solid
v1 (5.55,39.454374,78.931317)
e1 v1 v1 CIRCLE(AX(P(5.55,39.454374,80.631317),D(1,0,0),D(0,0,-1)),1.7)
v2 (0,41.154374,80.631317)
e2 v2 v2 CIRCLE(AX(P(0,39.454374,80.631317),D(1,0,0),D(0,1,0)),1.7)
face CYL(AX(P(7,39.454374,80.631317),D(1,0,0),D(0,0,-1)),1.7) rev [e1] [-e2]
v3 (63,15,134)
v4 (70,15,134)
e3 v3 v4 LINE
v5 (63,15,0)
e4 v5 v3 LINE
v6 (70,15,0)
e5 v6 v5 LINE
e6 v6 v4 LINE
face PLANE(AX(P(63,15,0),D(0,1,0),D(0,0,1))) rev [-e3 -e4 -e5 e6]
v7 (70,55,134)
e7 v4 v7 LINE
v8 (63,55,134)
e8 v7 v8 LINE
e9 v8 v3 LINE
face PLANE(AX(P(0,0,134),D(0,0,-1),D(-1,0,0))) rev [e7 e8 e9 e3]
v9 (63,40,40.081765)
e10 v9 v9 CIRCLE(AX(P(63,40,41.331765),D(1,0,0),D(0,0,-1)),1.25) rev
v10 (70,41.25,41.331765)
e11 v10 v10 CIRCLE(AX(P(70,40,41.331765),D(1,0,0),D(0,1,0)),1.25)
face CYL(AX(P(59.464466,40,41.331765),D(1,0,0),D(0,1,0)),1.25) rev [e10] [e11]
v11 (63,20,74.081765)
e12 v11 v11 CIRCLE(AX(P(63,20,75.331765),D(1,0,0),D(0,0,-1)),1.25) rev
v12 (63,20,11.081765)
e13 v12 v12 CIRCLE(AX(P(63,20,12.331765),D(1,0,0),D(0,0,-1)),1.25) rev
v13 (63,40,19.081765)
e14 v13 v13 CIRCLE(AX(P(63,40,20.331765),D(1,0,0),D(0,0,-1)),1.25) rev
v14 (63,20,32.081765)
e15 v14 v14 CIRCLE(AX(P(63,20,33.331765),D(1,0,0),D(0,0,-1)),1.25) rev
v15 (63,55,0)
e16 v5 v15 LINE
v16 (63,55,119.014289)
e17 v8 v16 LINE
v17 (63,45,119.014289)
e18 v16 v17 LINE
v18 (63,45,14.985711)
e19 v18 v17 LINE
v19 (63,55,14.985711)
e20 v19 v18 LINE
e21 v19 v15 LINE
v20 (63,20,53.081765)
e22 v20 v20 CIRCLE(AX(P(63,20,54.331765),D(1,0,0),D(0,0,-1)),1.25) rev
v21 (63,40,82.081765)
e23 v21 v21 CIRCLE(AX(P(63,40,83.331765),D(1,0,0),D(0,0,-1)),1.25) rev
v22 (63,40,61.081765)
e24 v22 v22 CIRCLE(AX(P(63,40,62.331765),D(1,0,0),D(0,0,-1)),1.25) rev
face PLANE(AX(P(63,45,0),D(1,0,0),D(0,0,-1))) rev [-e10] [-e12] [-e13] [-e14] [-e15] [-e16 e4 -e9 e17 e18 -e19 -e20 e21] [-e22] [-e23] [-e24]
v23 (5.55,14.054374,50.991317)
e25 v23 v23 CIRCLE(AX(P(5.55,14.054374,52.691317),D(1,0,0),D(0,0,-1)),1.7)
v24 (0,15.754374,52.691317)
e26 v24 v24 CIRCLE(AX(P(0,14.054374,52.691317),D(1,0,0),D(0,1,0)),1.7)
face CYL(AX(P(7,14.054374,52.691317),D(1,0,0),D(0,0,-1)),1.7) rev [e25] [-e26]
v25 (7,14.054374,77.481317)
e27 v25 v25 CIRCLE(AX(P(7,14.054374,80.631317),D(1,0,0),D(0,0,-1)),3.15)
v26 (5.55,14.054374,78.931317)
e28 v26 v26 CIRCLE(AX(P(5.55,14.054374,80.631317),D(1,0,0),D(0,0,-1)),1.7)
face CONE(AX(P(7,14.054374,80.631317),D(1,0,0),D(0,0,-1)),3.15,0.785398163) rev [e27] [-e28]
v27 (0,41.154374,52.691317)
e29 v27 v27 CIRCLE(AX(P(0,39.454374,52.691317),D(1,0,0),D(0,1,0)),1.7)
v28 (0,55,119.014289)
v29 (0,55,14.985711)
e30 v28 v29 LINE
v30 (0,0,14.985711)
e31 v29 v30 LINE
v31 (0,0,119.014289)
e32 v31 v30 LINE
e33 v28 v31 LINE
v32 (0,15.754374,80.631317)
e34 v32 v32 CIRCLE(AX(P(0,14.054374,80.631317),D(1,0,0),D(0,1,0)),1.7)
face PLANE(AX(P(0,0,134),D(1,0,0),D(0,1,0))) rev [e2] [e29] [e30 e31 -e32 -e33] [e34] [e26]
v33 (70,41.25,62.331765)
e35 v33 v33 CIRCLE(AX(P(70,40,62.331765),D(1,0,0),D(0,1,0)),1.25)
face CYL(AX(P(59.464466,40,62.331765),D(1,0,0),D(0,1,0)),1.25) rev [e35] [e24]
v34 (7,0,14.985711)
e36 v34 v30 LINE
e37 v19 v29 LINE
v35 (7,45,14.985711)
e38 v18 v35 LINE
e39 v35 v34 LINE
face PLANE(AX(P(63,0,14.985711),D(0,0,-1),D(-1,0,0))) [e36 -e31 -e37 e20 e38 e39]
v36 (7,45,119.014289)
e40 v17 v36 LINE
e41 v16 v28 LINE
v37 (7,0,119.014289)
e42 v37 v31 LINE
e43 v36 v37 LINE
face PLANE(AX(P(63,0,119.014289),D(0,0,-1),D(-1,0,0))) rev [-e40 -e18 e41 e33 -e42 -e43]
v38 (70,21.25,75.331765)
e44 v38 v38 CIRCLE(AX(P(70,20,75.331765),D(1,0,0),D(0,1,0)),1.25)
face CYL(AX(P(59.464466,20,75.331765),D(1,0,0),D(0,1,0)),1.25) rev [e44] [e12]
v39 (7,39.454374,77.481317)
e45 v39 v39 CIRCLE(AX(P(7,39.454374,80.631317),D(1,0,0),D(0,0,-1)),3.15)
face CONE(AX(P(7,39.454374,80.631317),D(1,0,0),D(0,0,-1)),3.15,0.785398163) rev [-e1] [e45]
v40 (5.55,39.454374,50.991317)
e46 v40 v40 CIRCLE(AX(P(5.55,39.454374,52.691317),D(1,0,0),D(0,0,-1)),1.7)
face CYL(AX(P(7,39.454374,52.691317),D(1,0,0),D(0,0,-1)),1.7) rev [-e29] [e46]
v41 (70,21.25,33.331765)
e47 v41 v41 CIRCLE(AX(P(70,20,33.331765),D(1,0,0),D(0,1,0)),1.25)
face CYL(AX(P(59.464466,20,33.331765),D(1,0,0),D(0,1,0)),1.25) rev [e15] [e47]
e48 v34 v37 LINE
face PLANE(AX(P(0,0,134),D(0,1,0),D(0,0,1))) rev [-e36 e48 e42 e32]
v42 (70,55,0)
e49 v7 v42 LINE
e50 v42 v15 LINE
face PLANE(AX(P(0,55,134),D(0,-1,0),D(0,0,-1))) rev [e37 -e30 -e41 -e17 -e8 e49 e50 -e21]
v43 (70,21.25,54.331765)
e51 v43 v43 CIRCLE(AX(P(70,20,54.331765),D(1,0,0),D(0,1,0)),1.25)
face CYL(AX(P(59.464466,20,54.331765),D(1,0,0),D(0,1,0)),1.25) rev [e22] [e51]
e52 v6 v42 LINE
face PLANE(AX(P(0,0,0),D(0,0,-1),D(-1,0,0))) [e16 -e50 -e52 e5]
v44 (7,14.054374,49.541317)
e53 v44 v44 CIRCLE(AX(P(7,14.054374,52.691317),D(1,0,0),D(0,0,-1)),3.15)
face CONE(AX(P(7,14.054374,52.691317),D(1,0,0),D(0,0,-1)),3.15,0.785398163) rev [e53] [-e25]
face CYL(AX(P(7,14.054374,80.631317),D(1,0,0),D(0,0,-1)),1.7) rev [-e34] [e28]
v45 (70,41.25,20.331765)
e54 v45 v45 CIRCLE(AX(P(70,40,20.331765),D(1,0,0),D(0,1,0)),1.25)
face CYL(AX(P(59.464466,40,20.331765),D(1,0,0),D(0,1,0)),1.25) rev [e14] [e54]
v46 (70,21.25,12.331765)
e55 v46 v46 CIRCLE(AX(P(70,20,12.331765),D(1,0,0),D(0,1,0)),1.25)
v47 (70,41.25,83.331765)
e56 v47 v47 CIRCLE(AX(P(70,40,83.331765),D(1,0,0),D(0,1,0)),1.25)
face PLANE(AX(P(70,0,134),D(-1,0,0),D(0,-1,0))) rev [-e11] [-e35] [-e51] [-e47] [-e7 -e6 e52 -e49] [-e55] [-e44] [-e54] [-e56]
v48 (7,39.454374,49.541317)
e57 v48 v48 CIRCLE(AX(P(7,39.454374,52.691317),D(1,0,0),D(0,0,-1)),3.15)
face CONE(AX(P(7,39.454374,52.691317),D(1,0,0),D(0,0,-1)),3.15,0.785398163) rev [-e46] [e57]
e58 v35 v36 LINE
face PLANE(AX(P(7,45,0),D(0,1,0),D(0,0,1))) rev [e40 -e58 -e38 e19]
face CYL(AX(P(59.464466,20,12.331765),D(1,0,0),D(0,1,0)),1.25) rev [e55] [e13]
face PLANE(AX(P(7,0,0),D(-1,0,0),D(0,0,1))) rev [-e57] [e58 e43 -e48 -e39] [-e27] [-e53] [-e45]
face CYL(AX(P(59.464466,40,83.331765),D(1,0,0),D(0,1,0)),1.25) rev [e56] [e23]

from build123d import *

# Parameters (mm, degrees)
SKETCH1_W                                           = 70
SKETCH1_H                                           = 55
BOSS_EXTRUDE1_DEPTH                                 = 134
CUT_EXTRUDE1_DEPTH                                  = 161.875728437
CUT_EXTRUDE1_DEPTH_BACK                             = 161.875728437
SKETCH4_R                                           = 1.25
CUT_EXTRUDE4_DEPTH                                  = 7
SKETCH5_W                                           = 14.985710671
SKETCH5_H                                           = 55
CUT_EXTRUDE5_DEPTH                                  = 63
CSK_FOR_M3_COUNTERSUNK_FLAT_HEAD_SCREW1_D           = 3.4
CSK_FOR_M3_COUNTERSUNK_FLAT_HEAD_SCREW1_DEPTH       = 10
CSK_FOR_M3_COUNTERSUNK_FLAT_HEAD_SCREW1_CSINK_D     = 6.3
CSK_FOR_M3_COUNTERSUNK_FLAT_HEAD_SCREW1_CSINK_ANGLE = 90
CSK_FOR_M3_COUNTERSUNK_FLAT_HEAD_SCREW1_TIP         = 1.021463052


with BuildPart() as part:
    # Sketch1 → Boss-Extrude1 (new body)
    with BuildSketch(Plane.XY):
        with Locations((35, 27.5)):
            Rectangle(SKETCH1_W, SKETCH1_H)
    extrude(amount=BOSS_EXTRUDE1_DEPTH)

    # Sketch2 → Cut-Extrude1 (cut, two sides: drawn at the far end of the back side and taken through both)
    with BuildSketch(Plane.XY.offset(134).offset(-CUT_EXTRUDE1_DEPTH_BACK)):
        Polygon((7, 0), (7, 45), (63, 45), (63, 15), (70, 15), (70, 0), (60, 0), align=None)
    extrude(amount=CUT_EXTRUDE1_DEPTH + CUT_EXTRUDE1_DEPTH_BACK, mode=Mode.SUBTRACT)

    # Sketch4 → Cut-Extrude4 (cut)
    with BuildSketch(Plane(origin=(70, 0, 0), x_dir=(0, 0, -1), z_dir=(1, 0, 0))):
        with Locations(Location((-83.331764561, 40, 0), (0, 0, 90))):
            Circle(SKETCH4_R)
        with Locations(Location((-75.331764561, 20, 0), (0, 0, 90))):
            Circle(SKETCH4_R)
        with Locations(Location((-62.331764561, 40, 0), (0, 0, 90))):
            Circle(SKETCH4_R)
        with Locations(Location((-54.331764561, 20, 0), (0, 0, 90))):
            Circle(SKETCH4_R)
        with Locations(Location((-41.331764561, 40, 0), (0, 0, 90))):
            Circle(SKETCH4_R)
        with Locations(Location((-33.331764561, 20, 0), (0, 0, 90))):
            Circle(SKETCH4_R)
        with Locations(Location((-20.331764561, 40, 0), (0, 0, 90))):
            Circle(SKETCH4_R)
        with Locations(Location((-12.331764561, 20, 0), (0, 0, 90))):
            Circle(SKETCH4_R)
    extrude(amount=-CUT_EXTRUDE4_DEPTH, mode=Mode.SUBTRACT)

    # Sketch5 → Cut-Extrude5 (cut)
    with BuildSketch(Plane.ZY):
        with Locations((7.492855336, 27.5)):
            Rectangle(SKETCH5_W, SKETCH5_H)
        with Locations((126.507144665, 27.5)):
            Rectangle(SKETCH5_W, SKETCH5_H)
    extrude(amount=-CUT_EXTRUDE5_DEPTH, mode=Mode.SUBTRACT)

    # CSK for M3 Countersunk Flat Head Screw1
    with Locations(Plane(origin=(7, 0, 0), x_dir=(0, 0, 1), z_dir=(1, 0, 0))):
        with Locations((52.691317064, -39.454373601), (52.691317064, -14.054373601), (80.631317064, -14.054373601), (80.631317064, -39.454373601)):
            CounterSinkHole(CSK_FOR_M3_COUNTERSUNK_FLAT_HEAD_SCREW1_D / 2, CSK_FOR_M3_COUNTERSUNK_FLAT_HEAD_SCREW1_CSINK_D / 2, depth=CSK_FOR_M3_COUNTERSUNK_FLAT_HEAD_SCREW1_DEPTH, counter_sink_angle=CSK_FOR_M3_COUNTERSUNK_FLAT_HEAD_SCREW1_CSINK_ANGLE)
            with Locations((0, 0, -(CSK_FOR_M3_COUNTERSUNK_FLAT_HEAD_SCREW1_DEPTH + CSK_FOR_M3_COUNTERSUNK_FLAT_HEAD_SCREW1_TIP / 2))):  # 118° drill point
                Cone(0, CSK_FOR_M3_COUNTERSUNK_FLAT_HEAD_SCREW1_D / 2, CSK_FOR_M3_COUNTERSUNK_FLAT_HEAD_SCREW1_TIP, mode=Mode.SUBTRACT)


solid = part.part
